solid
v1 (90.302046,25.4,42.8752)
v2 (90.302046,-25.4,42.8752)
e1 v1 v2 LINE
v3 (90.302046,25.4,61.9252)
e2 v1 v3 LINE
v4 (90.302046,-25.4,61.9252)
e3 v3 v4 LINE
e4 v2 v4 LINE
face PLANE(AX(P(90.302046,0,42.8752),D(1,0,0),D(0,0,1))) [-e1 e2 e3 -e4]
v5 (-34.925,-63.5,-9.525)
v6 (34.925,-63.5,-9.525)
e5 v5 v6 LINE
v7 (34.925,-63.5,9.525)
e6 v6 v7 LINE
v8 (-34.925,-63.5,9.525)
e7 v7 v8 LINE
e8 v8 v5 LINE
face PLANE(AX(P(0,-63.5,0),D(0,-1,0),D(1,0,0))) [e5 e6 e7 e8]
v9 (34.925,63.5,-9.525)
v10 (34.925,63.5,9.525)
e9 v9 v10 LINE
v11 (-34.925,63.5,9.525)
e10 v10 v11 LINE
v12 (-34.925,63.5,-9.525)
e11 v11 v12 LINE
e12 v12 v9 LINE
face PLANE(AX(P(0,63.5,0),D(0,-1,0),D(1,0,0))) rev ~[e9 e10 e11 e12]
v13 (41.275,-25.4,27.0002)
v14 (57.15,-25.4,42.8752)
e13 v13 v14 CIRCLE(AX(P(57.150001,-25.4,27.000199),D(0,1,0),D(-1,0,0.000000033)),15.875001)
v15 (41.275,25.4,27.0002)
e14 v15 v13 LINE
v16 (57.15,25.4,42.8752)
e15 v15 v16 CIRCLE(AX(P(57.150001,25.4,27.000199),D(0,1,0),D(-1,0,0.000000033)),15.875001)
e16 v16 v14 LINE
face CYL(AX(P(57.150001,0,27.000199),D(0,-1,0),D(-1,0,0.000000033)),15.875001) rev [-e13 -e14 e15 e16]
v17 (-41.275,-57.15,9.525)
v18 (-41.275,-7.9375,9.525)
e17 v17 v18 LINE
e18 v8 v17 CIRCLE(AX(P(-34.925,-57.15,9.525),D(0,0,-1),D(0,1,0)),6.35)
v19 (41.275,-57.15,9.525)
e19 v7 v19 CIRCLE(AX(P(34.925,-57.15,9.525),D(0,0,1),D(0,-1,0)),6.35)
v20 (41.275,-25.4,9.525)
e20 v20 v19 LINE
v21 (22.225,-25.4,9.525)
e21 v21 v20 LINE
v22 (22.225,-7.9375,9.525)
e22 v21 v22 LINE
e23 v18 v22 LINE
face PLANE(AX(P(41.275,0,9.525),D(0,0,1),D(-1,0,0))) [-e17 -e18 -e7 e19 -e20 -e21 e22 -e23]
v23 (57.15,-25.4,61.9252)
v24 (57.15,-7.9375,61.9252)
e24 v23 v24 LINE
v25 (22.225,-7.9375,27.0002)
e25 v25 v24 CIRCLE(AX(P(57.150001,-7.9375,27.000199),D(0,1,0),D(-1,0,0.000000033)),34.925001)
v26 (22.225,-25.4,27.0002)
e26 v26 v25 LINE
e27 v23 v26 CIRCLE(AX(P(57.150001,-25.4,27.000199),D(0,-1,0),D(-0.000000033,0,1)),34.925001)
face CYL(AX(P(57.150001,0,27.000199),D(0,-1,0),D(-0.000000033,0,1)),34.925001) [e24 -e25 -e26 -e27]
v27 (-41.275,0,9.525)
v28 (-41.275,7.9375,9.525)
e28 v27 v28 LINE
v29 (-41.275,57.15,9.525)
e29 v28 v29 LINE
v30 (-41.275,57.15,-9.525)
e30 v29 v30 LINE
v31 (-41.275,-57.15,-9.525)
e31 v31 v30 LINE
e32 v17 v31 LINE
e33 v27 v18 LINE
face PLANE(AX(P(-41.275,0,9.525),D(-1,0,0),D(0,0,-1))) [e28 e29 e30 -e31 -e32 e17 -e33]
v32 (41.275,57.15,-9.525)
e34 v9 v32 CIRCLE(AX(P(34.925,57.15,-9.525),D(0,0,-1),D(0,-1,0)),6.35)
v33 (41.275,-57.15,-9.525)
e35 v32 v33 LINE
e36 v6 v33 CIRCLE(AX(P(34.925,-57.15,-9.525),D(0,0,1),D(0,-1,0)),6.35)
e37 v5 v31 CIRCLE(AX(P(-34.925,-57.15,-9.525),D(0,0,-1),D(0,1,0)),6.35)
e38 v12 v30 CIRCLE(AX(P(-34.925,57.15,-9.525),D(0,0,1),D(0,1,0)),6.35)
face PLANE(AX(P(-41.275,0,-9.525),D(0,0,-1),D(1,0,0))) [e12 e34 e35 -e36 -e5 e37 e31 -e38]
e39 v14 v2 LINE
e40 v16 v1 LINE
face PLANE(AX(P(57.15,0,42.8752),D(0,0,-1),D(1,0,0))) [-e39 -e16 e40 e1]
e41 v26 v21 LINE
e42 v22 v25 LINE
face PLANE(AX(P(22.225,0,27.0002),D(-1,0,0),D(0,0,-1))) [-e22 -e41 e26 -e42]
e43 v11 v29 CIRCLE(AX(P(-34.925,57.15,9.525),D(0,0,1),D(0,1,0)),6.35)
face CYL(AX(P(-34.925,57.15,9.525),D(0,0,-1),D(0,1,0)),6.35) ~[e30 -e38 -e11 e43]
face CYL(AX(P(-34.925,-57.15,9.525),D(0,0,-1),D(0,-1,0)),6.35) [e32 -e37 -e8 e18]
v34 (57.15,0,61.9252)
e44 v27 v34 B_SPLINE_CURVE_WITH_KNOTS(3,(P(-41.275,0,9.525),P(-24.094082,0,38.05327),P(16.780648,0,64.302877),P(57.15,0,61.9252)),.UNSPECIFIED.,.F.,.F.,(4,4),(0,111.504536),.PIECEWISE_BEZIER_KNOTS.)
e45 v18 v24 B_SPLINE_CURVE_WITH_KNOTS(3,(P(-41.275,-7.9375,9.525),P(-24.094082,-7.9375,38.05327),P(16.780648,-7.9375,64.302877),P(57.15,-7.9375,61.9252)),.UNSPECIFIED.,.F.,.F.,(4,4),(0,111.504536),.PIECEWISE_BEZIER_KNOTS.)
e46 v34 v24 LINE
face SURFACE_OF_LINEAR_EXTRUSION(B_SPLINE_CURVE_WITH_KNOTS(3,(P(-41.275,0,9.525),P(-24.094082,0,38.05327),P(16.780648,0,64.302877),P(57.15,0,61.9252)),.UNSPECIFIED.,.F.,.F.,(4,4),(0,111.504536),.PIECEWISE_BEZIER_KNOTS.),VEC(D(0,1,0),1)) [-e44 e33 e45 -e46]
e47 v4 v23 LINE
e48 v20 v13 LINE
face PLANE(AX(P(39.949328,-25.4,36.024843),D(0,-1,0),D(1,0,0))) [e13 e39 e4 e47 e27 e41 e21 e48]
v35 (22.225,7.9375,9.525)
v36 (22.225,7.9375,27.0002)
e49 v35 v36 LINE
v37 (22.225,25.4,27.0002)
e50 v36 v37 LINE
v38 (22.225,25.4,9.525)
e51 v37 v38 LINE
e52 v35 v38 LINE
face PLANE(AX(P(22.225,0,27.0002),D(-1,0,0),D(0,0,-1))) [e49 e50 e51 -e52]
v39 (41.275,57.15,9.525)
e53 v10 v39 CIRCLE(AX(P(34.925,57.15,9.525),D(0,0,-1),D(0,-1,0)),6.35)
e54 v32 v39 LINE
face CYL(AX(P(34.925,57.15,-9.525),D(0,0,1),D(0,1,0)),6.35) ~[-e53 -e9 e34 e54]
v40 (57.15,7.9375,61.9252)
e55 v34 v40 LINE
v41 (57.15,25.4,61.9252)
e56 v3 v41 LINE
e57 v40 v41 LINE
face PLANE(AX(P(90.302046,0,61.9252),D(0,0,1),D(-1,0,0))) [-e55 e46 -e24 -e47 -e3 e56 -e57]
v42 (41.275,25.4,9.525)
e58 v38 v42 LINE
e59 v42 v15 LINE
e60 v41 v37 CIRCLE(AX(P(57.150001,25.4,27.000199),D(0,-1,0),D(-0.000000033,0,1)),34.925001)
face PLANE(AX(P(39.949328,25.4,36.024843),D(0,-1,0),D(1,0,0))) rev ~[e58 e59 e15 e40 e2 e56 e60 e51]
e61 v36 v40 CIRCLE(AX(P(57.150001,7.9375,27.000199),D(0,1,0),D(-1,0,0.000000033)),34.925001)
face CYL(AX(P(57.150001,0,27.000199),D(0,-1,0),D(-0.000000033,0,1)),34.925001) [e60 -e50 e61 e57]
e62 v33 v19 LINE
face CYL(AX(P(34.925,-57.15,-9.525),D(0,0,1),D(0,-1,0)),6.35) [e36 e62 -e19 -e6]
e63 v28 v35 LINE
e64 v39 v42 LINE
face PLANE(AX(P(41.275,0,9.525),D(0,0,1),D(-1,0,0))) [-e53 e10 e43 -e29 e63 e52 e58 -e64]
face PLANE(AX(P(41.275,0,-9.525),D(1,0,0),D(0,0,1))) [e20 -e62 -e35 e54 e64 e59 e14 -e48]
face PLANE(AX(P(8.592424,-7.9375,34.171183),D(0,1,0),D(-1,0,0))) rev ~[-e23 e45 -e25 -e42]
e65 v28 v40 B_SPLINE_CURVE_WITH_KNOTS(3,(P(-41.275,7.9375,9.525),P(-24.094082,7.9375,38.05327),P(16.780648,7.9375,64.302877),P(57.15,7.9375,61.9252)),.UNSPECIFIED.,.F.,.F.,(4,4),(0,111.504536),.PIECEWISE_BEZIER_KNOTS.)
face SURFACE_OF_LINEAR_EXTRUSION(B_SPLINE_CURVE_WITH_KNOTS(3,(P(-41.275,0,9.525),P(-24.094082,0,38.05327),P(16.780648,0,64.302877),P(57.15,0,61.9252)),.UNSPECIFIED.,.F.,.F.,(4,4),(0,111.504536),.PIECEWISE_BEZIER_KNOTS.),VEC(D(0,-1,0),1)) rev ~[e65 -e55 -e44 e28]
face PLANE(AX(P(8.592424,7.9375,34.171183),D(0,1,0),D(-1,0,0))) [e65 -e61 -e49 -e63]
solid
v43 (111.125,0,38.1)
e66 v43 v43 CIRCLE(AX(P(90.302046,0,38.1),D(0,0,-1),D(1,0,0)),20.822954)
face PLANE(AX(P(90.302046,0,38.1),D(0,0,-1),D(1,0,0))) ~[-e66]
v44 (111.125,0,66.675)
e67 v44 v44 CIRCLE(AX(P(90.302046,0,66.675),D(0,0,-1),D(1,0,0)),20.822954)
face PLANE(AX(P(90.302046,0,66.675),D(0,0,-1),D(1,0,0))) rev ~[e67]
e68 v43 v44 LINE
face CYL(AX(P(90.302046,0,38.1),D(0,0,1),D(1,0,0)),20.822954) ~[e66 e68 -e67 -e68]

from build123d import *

# Parameters (mm, degrees)
F1_DEPTH = 63.5
F0_W     = 29.977046
F0_H     = 19.05
F2_DEPTH = 25.4
F3_DEPTH = 7.9375
F4_DEPTH = 25.4
F6_R     = 6.35


with BuildPart() as f1:
    # F0 (on Front) → F1 (new body, symmetric)
    with BuildSketch(Plane.XZ):
        Polygon((-41.275, -9.525), (41.275, -9.525), (41.275, 9.525), (22.225, 9.525), (-41.275, 9.525), align=None)
    extrude(amount=F1_DEPTH, both=True)

    # F0 (on Front) → F2 (join, symmetric)
    with BuildSketch(Plane.XZ):
        with BuildLine():
            Line((22.225, 9.525), (41.275, 9.525))
            Line((41.275, 9.525), (41.275, 27.0002))
            ThreePointArc((41.275, 27.0002), (45.92468, 38.22552), (57.15, 42.8752))
            Line((57.15, 42.8752), (60.325, 42.8752))
            Line((60.325, 42.8752), (60.325, 61.9252))
            Line((60.325, 61.9252), (57.15, 61.9252))
            ThreePointArc((57.15, 61.9252), (32.454296, 51.695904), (22.225, 27.0002))
            Line((22.225, 27.0002), (22.225, 9.525))
        make_face()
        with Locations((75.313523, 52.4002)):
            Rectangle(F0_W, F0_H)
    extrude(amount=F2_DEPTH, both=True)

    # F0 (on Front) → F3 (join, symmetric)
    with BuildSketch(Plane.XZ):
        with BuildLine():
            add(Edge.make_bspline(
                [(-41.275, 9.525), (-24.094082, 38.05327), (16.780648, 64.302877), (57.15, 61.9252)],
                knots=[0, 0, 0, 0, 111.504536, 111.504536, 111.504536, 111.504536], degree=3))
            Line((-41.275, 9.525), (22.225, 9.525))
            Line((22.225, 9.525), (22.225, 27.0002))
            ThreePointArc((22.225, 27.0002), (32.454296, 51.695904), (57.15, 61.9252))
        make_face()
    extrude(amount=F3_DEPTH, both=True)

    # F0 (on Front) → F4 (join, symmetric)
    with BuildSketch(Plane.XZ):
        with Locations((75.313523, 52.4002)):
            Rectangle(F0_W, F0_H)
    extrude(amount=F4_DEPTH, both=True)

    # F6
    f6_edges = [f1.edges().sort_by_distance(p)[0] for p in [
        (41.275, -63.5, 0),
        (-41.275, -63.5, 0),
        (41.275, 63.5, 0),
        (-41.275, 63.5, 0),
    ]]
    fillet(f6_edges, radius=F6_R)


with BuildPart() as f5:
    # F0 (on Front) → F5 (revolve)
    with BuildSketch(Plane.XZ):
        Polygon((90.302046, 66.675), (90.302046, 61.9252), (90.302046, 42.8752), (90.302046, 38.1), (111.125, 38.1), (111.125, 66.675), align=None)
    revolve(axis=Axis((90.302046, 0, 52.3875), (0, 0, -1)))


solid = Compound([f1.part, f5.part])
